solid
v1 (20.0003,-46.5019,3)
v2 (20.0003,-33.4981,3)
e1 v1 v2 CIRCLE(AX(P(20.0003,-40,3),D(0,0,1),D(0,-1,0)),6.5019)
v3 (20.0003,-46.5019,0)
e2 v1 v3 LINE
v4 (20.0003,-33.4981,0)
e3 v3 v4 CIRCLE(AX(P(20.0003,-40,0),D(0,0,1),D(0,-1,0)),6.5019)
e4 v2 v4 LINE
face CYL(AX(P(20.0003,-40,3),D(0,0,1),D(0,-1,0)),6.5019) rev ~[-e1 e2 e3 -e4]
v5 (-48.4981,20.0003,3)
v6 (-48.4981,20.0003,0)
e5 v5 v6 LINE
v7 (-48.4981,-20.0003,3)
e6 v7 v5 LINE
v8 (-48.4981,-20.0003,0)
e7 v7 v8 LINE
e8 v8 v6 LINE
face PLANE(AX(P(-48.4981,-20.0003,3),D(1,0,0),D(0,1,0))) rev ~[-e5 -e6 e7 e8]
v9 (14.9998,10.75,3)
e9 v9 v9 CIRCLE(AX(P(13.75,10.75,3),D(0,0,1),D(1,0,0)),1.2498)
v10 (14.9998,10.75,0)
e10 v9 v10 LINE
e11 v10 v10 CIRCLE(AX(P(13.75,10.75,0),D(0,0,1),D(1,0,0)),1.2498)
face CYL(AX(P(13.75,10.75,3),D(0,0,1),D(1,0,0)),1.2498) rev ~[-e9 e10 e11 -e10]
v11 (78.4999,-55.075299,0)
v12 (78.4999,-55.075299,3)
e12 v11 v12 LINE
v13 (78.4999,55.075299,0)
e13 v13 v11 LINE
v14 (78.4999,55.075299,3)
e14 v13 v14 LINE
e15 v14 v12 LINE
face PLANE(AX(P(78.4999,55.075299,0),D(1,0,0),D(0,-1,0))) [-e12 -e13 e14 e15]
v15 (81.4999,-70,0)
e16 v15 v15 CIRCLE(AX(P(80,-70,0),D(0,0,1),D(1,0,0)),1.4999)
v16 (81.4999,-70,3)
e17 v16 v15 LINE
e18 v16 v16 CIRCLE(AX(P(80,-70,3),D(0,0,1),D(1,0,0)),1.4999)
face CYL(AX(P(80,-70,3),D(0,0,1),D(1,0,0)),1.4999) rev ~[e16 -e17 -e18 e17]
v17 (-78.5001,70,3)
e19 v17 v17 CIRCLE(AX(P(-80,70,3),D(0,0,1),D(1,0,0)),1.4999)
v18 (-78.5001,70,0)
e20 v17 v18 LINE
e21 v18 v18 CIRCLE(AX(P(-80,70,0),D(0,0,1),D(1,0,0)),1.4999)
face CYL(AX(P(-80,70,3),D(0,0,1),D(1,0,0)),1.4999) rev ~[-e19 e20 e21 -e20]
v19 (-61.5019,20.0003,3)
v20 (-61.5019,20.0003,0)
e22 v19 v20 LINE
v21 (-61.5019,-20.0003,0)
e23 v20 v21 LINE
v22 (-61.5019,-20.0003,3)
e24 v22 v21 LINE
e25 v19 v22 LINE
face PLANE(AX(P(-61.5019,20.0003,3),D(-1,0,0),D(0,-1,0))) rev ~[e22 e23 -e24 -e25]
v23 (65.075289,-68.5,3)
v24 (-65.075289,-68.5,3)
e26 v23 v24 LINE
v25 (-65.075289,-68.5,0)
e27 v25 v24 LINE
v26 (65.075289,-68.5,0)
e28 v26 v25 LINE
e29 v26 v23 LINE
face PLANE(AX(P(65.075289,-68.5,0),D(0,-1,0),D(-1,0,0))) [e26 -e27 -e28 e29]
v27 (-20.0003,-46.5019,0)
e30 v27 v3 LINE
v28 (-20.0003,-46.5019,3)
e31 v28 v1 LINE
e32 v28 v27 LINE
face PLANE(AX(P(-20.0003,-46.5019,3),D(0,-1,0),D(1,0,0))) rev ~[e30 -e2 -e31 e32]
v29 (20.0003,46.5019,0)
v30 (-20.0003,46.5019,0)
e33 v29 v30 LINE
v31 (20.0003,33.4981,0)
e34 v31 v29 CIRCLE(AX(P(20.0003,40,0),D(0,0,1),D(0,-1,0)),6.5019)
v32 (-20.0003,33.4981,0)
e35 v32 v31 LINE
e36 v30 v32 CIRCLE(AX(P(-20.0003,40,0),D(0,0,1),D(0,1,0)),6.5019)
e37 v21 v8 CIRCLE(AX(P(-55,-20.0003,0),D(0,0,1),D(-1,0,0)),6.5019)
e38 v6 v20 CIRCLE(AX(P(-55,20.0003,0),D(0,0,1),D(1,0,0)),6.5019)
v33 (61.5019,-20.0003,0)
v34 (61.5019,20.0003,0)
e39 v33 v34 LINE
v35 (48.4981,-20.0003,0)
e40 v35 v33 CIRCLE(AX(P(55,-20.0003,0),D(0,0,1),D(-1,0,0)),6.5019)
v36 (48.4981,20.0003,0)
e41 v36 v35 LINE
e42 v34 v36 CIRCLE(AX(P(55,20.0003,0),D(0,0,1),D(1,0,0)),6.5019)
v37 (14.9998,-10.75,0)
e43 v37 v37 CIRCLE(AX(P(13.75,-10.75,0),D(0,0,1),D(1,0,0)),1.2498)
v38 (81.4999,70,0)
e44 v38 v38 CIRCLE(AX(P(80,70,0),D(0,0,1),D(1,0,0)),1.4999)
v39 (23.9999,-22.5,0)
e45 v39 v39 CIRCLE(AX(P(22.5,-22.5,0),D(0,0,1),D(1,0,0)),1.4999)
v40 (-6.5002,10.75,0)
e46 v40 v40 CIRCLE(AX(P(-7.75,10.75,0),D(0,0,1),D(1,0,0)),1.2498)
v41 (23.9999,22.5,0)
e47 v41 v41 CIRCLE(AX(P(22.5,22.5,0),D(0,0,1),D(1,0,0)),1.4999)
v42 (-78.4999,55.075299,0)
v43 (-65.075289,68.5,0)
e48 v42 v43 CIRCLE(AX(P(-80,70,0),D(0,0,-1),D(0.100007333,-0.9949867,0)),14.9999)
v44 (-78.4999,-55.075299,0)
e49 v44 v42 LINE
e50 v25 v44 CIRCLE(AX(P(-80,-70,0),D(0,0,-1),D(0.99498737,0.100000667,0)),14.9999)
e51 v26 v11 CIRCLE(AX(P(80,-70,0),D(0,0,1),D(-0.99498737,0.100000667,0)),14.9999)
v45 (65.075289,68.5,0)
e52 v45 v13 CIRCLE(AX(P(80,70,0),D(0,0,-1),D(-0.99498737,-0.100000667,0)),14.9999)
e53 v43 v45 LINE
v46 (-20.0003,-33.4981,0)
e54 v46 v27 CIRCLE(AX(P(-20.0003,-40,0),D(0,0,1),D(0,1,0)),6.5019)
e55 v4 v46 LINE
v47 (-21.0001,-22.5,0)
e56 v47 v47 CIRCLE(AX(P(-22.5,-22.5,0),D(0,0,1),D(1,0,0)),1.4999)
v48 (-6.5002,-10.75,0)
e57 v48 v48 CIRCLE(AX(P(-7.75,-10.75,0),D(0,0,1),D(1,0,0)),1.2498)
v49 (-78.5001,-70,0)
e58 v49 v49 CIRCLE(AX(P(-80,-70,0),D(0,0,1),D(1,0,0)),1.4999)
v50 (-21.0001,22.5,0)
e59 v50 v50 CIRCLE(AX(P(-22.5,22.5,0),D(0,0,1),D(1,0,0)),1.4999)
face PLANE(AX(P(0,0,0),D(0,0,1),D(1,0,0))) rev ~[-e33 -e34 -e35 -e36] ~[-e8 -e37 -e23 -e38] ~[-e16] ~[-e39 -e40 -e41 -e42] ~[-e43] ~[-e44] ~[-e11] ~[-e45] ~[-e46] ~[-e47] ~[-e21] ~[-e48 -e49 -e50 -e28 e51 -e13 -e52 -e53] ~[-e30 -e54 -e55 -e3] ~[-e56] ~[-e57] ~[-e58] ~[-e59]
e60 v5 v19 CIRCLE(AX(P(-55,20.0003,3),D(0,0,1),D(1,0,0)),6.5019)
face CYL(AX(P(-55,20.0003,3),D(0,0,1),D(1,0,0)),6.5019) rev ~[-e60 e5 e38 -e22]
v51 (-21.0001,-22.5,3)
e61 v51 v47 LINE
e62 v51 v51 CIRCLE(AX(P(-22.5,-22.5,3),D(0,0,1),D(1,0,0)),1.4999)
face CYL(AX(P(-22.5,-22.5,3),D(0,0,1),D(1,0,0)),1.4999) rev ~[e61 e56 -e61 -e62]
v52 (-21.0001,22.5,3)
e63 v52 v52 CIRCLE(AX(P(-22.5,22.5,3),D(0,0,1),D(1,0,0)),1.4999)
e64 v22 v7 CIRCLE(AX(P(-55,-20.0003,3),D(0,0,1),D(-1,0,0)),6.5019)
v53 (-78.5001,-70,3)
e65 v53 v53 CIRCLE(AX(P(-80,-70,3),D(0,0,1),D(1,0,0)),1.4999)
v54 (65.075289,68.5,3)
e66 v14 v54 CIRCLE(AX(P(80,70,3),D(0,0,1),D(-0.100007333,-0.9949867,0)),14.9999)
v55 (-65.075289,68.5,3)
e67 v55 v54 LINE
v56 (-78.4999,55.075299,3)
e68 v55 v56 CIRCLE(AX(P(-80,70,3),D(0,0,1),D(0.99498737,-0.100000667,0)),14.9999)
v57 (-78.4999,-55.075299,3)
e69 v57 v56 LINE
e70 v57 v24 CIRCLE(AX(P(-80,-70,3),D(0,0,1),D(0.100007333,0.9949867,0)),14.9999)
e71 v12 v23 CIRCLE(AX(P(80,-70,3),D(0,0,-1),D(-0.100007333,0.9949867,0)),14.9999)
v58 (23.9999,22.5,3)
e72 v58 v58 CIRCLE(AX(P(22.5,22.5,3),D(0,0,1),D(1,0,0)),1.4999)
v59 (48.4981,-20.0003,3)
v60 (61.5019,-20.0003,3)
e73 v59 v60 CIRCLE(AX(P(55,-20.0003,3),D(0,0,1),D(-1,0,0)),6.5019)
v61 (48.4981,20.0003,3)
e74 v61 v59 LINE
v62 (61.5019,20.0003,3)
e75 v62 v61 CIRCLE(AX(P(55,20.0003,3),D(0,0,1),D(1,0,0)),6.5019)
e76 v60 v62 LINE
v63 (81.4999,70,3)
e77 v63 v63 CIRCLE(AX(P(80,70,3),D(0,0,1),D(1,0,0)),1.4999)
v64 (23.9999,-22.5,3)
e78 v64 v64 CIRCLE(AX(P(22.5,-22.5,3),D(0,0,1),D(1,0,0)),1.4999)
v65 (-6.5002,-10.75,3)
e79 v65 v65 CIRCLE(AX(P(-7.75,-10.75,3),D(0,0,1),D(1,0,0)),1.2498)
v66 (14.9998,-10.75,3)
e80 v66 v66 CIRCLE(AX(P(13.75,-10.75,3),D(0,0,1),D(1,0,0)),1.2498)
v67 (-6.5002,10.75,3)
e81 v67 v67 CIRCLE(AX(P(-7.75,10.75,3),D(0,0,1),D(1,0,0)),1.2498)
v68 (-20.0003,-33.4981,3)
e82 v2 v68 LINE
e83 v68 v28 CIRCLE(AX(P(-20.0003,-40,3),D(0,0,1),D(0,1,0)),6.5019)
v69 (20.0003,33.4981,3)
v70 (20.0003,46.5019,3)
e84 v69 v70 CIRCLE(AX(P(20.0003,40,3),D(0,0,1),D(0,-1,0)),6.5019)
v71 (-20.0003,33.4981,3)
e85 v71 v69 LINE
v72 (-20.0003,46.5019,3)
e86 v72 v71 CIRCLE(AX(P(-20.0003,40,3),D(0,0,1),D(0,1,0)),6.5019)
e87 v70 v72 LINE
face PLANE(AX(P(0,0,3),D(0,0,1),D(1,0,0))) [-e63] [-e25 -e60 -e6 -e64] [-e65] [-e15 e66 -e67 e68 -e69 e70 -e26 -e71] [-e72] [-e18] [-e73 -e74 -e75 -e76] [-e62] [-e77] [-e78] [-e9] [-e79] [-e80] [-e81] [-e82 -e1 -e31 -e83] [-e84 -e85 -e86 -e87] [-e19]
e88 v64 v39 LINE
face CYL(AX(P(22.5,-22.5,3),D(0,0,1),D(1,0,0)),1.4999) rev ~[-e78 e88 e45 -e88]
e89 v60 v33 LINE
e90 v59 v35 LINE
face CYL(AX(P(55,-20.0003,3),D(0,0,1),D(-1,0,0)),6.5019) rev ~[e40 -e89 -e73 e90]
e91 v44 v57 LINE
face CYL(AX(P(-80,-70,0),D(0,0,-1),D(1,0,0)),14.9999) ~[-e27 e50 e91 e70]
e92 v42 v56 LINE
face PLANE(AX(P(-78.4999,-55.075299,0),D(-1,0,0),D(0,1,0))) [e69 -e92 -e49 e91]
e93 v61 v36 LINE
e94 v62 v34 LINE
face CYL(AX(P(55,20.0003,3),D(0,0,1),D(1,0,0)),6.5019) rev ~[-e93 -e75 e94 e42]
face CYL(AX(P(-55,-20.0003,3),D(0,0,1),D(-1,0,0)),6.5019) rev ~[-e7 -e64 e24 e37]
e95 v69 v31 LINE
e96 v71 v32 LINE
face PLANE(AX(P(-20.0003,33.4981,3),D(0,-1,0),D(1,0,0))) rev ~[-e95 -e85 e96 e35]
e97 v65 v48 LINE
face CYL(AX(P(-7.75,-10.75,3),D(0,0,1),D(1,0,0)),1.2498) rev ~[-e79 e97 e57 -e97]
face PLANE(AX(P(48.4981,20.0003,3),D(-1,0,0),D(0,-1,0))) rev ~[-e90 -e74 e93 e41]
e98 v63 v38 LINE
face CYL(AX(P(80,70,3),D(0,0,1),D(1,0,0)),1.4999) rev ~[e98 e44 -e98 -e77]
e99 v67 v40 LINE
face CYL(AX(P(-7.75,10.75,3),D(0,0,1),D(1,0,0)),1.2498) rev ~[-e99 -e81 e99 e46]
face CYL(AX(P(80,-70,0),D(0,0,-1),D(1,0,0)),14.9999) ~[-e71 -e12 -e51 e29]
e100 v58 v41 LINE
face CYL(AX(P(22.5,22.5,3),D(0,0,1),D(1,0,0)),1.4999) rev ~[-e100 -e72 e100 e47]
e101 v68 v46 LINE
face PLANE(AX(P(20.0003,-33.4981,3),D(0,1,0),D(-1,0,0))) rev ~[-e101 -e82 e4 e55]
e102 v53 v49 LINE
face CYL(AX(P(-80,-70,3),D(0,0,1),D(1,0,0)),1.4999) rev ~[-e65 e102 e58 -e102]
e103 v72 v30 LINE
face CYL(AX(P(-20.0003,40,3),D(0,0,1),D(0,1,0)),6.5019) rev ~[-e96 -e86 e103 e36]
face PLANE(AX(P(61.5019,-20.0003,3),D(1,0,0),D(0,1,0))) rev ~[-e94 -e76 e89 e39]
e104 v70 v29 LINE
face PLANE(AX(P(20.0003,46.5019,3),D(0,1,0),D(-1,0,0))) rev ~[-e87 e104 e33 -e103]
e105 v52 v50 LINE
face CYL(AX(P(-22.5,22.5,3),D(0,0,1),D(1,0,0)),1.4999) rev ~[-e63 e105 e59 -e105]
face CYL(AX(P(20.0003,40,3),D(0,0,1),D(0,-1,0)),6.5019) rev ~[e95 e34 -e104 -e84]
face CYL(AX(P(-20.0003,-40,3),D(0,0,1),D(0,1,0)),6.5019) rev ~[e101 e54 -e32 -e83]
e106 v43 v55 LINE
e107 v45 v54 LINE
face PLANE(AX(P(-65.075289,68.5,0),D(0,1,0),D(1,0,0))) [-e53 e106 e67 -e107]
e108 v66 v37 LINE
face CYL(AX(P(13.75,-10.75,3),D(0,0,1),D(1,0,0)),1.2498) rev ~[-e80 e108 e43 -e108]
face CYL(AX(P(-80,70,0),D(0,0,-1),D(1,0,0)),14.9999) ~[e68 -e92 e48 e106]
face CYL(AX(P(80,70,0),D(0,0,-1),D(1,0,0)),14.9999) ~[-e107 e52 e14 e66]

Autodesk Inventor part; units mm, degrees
ref_plane "YZ Plane" through (0, 0, 0) normal (1, 0, 0) x (0, 1, 0)
ref_plane "XZ Plane" through (0, 0, 0) normal (0, 1, 0) x (-1, 0, 0)
ref_plane "XY Plane" through (0, 0, 0) normal (0, 0, 1) x (1, 0, 0)
sketch "Sketch1" plane through (0, 0, 0) normal (0, 0, 1) x (1, 0, 0)
  point P0 (0, 0)
sketch "Sketch2" plane through (0, 0, 0) normal (0, 0, 1) x (1, 0, 0)
  line L0 (78.4999, -68.5) -> (-78.4999, -68.5)
  line L1 (-78.4999, -68.5) -> (-78.4999, 68.5)
  line L2 (-78.4999, 68.5) -> (78.4999, 68.5)
  line L3 (78.4999, 68.5) -> (78.4999, -68.5)
  circle A0 centre (80, 70) radius 14.9999
  circle A1 centre (-80, 70) radius 14.9999
  circle A2 centre (-80, -70) radius 14.9999
  circle A3 centre (80, -70) radius 14.9999
  point P0 (78.4999, -55.0753)
  point P1 (78.4999, 55.0753)
  point P2 (65.0752, 68.5)
  point P3 (-65.0752, 68.5)
  point P4 (-78.4999, 55.0753)
  point P5 (-78.4999, -55.0753)
  point P6 (-65.0752, -68.5)
  point P7 (65.0752, -68.5)
extrude "Extrusion1" add sketch "Sketch2" along normal blind 3
sketch "Sketch5" plane through (0, 0, 3) normal (0, 0, 1) x (1, 0, 0)
  circle A0 centre (80, 70) radius 1.4999
  circle A1 centre (-80, 70) radius 1.4999
  circle A2 centre (-80, -70) radius 1.4999
  circle A3 centre (80, -70) radius 1.4999
extrude "Extrusion2" cut sketch "Sketch5" against normal blind 10
sketch "Sketch6" plane through (0, 0, 3) normal (0, 0, 1) x (1, 0, 0)
  point P0 (0, 0)
sketch "Cable cutouts" plane through (0, 0, 3) normal (0, 0, 1) x (1, 0, 0)
  line L0 (65.0752, 68.5) -> (-65.0752, 68.5) projected
  line L1 (-20.0003, 40) -> (20.0003, 40) construction
  line L2 (-20.0003, 33.4981) -> (20.0003, 33.4981)
  line L3 (20.0003, 46.5019) -> (-20.0003, 46.5019)
  arc A0 (-20.0003, 46.5019) -> (-20.0003, 33.4981) centre (-20.0003, 40) ccw
  arc A1 (20.0003, 33.4981) -> (20.0003, 46.5019) centre (20.0003, 40) ccw
  line L4 (-20.0003, -40) -> (20.0003, -40) construction
  line L5 (-20.0003, -46.5019) -> (20.0003, -46.5019)
  line L6 (20.0003, -33.4981) -> (-20.0003, -33.4981)
  arc A2 (-20.0003, -33.4981) -> (-20.0003, -46.5019) centre (-20.0003, -40) ccw
  arc A3 (20.0003, -46.5019) -> (20.0003, -33.4981) centre (20.0003, -40) ccw
  line L7 (55, -20.0003) -> (55, 20.0003) construction
  arc A4 (48.4981, -20.0003) -> (61.5019, -20.0003) centre (55, -20.0003) ccw
  arc A5 (61.5019, 20.0003) -> (48.4981, 20.0003) centre (55, 20.0003) ccw
  line L8 (48.4981, 20.0003) -> (48.4981, -20.0003)
  line L9 (61.5019, -20.0003) -> (61.5019, 20.0003)
  line L10 (-55, -20.0003) -> (-55, 20.0003) construction
  arc A6 (-61.5019, -20.0003) -> (-48.4981, -20.0003) centre (-55, -20.0003) ccw
  arc A7 (-48.4981, 20.0003) -> (-61.5019, 20.0003) centre (-55, 20.0003) ccw
  line L11 (-61.5019, 20.0003) -> (-61.5019, -20.0003)
  line L12 (-48.4981, -20.0003) -> (-48.4981, 20.0003)
extrude "Extrusion4" cut sketch "Cable cutouts" against normal blind 10
sketch "Pixhawk 3 Pro mount holes" plane through (0, 0, 3) normal (0, 0, 1) x (1, 0, 0)
  circle A0 centre (13.75, 10.75) radius 1.2498
  circle A1 centre (-7.75, 10.75) radius 1.2498
  circle A2 centre (-7.75, -10.75) radius 1.2498
  circle A3 centre (13.75, -10.75) radius 1.2498
extrude "Extrusion5" cut sketch "Pixhawk 3 Pro mount holes" against normal blind 10
sketch "Anti-vibration mount holes" plane through (0, 0, 3) normal (0, 0, 1) x (1, 0, 0)
  circle A0 centre (22.5, 22.5) radius 1.4999
  circle A1 centre (-22.5, 22.5) radius 1.4999
  circle A2 centre (-22.5, -22.5) radius 1.4999
  circle A3 centre (22.5, -22.5) radius 1.4999
extrude "Extrusion7" cut sketch "Anti-vibration mount holes" against normal blind 10
properties part number "Payload bay KPM" material "CFRP"
